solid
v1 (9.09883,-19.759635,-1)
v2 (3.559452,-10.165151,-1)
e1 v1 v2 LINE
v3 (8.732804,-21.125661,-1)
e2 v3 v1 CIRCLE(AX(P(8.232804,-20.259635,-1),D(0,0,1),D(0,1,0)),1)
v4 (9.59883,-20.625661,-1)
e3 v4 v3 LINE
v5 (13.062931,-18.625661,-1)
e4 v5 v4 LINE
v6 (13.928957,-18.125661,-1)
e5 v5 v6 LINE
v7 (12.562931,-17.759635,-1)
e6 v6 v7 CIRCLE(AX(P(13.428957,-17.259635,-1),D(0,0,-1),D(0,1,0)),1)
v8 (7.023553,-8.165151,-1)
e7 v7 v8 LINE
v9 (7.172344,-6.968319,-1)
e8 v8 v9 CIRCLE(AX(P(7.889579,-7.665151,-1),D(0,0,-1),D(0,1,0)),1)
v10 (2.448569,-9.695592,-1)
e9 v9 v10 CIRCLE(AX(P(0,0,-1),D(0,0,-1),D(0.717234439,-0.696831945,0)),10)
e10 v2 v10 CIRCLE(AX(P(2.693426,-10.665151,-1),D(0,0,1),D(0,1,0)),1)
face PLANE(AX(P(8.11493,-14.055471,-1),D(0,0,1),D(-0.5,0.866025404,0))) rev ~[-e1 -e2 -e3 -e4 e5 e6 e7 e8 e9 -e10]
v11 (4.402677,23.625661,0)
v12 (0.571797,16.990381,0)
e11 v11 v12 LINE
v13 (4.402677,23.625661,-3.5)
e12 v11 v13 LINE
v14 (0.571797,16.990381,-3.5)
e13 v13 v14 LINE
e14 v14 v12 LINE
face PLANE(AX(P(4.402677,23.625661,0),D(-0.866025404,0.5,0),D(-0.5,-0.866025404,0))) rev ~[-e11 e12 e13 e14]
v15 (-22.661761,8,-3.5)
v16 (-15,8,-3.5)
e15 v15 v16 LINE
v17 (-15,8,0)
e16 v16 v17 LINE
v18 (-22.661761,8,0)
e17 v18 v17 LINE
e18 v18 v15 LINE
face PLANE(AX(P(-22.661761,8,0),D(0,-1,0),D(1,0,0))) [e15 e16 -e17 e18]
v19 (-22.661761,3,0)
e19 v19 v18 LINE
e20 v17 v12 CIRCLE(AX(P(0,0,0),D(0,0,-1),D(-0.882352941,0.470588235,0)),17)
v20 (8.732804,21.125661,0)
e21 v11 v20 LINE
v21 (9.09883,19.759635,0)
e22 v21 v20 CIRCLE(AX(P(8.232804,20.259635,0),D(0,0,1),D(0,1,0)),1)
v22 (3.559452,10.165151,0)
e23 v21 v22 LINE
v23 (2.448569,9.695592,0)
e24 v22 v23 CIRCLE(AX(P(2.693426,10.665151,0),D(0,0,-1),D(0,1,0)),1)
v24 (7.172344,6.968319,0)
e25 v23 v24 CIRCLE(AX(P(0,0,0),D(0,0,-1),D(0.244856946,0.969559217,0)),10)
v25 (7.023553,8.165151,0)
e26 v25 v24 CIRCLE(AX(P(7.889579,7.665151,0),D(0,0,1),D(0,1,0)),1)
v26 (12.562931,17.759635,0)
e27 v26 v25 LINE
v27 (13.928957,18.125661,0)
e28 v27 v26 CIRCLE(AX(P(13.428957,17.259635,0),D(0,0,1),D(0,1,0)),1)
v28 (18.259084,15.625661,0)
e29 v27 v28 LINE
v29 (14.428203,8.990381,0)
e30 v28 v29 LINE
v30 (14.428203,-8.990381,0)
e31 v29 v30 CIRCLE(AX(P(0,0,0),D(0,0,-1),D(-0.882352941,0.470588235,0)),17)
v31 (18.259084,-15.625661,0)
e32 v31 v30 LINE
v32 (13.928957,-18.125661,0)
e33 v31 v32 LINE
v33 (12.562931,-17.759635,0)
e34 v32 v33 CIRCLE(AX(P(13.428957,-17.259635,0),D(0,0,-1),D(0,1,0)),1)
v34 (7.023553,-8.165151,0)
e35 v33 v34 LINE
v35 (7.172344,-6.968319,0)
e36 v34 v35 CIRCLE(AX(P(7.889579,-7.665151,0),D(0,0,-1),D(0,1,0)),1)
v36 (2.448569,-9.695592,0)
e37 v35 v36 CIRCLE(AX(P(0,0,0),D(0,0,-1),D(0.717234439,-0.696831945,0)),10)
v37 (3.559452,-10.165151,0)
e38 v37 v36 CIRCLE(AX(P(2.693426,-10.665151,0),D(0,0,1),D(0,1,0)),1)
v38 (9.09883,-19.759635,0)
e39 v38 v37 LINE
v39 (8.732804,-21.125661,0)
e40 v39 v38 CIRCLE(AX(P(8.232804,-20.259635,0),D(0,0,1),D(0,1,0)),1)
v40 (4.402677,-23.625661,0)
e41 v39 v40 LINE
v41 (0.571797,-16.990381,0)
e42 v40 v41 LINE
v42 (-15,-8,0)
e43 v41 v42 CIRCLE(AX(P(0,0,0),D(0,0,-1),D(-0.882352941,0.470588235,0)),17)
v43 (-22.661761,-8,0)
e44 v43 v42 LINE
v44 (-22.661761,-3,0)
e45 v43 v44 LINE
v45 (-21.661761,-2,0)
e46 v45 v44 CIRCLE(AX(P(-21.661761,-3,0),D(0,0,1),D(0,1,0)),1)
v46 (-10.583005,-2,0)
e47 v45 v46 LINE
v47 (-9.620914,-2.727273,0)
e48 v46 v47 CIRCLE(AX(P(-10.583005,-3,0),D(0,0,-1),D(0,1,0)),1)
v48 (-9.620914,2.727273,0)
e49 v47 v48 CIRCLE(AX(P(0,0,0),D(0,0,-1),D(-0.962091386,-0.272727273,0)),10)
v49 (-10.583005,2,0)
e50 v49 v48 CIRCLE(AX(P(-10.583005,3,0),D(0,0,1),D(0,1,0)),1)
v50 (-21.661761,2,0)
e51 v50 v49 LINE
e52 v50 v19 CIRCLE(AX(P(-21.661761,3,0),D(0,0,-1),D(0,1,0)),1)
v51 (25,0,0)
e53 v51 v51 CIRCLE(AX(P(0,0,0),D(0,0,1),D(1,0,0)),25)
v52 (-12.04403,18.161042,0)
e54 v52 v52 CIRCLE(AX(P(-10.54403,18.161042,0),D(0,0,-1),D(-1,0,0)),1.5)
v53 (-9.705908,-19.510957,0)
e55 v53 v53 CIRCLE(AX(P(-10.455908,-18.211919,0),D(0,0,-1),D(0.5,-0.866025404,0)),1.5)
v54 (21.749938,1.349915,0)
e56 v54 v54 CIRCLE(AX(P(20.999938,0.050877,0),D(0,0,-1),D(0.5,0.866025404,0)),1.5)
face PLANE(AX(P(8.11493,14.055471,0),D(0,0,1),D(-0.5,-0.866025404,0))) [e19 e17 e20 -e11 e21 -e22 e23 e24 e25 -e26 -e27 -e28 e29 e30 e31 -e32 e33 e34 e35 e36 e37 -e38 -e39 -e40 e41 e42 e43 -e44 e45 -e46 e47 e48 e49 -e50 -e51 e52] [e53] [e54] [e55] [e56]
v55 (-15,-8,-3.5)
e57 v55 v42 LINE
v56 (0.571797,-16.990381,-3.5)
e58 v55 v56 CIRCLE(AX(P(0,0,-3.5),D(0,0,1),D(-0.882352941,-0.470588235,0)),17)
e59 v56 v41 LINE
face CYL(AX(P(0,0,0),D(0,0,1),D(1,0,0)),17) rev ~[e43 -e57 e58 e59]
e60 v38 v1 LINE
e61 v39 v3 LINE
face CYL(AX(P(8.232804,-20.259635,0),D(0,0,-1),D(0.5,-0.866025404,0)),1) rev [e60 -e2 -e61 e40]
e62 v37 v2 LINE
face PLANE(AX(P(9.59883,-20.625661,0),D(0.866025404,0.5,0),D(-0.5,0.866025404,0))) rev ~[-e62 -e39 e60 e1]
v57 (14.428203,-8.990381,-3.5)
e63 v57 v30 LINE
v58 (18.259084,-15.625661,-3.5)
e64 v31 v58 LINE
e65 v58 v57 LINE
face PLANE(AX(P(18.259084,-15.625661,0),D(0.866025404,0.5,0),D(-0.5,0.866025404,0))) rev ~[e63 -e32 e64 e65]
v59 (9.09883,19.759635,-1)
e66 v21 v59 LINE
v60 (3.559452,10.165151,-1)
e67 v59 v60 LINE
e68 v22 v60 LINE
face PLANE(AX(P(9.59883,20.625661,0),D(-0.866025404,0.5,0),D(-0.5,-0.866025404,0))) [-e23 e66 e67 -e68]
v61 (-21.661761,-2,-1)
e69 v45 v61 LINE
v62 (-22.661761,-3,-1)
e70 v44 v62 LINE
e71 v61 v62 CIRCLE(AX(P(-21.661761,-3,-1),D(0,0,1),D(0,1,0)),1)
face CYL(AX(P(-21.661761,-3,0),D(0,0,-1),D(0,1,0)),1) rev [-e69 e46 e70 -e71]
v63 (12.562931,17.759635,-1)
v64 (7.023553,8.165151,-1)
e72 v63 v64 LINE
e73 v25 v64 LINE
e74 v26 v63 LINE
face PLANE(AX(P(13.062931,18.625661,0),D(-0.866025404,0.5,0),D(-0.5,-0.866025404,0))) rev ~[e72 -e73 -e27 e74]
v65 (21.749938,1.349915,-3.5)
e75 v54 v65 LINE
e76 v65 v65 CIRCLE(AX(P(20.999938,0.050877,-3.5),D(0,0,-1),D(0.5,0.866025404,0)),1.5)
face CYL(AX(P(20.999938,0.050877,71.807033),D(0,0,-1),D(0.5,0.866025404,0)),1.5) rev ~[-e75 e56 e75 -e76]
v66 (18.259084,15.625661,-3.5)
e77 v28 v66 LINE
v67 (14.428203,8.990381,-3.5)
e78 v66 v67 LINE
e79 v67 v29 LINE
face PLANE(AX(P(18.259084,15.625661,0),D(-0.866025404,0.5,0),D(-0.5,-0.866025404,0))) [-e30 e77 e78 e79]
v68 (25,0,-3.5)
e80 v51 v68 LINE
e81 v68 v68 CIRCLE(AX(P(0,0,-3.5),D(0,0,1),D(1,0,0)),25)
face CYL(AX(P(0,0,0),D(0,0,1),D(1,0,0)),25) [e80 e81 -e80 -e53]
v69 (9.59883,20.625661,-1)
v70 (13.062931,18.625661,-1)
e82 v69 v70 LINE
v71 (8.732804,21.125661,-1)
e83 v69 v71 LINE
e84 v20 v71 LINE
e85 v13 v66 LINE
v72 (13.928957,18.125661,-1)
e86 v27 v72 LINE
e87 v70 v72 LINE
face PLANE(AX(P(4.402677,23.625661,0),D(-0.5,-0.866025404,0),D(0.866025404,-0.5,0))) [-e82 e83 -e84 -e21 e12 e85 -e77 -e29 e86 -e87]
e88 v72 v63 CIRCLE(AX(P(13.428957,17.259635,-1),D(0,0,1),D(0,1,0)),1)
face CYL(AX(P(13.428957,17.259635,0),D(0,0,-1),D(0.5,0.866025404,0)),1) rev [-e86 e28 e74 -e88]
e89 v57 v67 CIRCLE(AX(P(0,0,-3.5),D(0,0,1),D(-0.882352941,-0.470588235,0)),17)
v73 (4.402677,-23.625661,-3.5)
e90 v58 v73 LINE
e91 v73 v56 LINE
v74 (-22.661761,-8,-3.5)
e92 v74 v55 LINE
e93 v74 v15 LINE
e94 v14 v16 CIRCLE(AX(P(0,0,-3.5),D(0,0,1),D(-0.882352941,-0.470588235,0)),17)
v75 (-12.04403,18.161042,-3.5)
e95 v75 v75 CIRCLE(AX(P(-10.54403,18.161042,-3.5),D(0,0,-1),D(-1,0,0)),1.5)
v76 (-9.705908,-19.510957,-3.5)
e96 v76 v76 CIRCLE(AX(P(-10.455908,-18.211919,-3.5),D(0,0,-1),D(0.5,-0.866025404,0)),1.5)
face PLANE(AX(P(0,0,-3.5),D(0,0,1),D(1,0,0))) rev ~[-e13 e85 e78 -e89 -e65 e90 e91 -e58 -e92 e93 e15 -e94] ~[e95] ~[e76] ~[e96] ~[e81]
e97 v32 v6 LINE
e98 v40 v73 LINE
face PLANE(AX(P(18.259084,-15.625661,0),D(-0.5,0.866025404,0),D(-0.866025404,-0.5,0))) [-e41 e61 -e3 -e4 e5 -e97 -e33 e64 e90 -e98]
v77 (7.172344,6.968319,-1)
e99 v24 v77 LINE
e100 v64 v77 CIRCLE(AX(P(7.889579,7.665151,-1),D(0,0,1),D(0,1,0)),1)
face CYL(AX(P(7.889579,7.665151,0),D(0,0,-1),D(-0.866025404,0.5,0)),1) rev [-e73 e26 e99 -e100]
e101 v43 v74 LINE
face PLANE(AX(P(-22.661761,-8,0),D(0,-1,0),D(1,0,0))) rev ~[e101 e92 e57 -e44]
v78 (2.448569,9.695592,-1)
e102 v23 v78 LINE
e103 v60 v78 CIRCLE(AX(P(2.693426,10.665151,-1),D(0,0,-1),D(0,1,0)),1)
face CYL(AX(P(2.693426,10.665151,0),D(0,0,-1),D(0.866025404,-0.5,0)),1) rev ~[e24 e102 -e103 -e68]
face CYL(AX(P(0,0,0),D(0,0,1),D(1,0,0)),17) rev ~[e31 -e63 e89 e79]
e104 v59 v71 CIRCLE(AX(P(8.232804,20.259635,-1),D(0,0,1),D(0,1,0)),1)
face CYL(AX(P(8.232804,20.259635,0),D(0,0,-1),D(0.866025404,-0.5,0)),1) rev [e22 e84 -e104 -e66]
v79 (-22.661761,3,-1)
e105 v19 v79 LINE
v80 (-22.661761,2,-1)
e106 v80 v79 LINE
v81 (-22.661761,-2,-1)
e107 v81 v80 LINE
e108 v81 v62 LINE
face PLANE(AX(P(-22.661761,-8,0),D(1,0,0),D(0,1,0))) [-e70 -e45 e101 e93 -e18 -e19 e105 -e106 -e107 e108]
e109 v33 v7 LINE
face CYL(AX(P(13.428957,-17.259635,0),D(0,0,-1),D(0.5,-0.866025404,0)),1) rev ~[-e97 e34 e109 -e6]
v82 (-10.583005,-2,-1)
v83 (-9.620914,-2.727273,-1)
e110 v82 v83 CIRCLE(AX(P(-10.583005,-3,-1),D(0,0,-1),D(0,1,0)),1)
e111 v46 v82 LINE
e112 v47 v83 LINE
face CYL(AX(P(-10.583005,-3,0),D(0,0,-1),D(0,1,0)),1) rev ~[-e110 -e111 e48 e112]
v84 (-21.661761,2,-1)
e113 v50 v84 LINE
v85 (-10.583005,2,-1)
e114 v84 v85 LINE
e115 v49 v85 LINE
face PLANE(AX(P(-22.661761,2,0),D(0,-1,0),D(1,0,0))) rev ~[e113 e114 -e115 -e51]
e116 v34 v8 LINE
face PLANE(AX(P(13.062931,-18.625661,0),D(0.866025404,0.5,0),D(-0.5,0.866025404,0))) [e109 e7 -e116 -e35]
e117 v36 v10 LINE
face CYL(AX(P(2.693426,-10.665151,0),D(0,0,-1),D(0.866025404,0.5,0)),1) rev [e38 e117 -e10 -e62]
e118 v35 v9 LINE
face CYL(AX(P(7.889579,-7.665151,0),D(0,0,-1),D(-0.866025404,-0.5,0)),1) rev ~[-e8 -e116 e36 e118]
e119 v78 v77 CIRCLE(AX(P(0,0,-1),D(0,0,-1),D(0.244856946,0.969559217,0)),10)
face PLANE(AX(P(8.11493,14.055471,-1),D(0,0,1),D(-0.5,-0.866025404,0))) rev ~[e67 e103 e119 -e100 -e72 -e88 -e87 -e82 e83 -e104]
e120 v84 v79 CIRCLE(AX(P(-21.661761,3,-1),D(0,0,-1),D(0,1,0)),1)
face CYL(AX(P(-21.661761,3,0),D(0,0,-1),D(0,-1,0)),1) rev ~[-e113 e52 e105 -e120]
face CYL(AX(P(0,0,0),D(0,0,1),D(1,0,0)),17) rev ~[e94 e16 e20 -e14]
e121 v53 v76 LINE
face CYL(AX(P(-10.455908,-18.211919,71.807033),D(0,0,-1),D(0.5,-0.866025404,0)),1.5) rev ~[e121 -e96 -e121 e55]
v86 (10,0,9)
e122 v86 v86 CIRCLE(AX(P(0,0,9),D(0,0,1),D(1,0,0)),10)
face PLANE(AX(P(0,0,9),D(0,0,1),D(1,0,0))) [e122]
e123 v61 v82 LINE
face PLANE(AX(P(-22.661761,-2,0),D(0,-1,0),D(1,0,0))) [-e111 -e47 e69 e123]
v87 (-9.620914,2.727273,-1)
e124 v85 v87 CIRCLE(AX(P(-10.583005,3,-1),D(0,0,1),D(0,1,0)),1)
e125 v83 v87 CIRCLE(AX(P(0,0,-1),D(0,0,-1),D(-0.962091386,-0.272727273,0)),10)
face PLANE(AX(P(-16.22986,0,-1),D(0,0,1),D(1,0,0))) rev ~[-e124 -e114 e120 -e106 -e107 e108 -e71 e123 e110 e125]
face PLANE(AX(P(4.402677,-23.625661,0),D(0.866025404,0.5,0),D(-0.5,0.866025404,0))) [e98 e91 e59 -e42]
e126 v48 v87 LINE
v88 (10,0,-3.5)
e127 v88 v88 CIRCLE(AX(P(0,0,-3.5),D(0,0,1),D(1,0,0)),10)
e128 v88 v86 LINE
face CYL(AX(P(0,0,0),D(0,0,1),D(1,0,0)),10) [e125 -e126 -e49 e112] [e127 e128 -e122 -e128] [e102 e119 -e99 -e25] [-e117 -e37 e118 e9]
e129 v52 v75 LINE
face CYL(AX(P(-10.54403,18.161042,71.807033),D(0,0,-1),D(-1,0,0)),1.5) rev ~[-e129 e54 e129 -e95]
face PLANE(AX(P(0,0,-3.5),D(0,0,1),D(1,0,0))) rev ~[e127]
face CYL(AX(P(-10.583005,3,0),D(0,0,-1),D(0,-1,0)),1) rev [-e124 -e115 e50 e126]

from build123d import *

# Parameters (mm, degrees)
SKETCH1_R                = 10
BOSS_EXTRUDE1_DEPTH      = 9
BOSS_EXTRUDE1_DEPTH_BACK = 3.5
SKETCH1_3_R              = 25
SKETCH1_3_R_2            = 10
BOSS_EXTRUDE2_DEPTH      = 3.5
SKETCH3_R                = 17
CUT_EXTRUDE1_DEPTH       = 3.5
SKETCH8_W                = 9
SKETCH8_H                = 16
CUT_EXTRUDE3_DEPTH       = 4.5
SKETCH10_W               = 12.863801869
SKETCH10_H               = 4
BOSS_EXTRUDE4_DEPTH      = 1
CIRPATTERN2_COUNT        = 3
F_3_0MM_DOWEL_HOLE1_D    = 3
CIRPATTERN3_COUNT        = 3
FILLET1_R                = 1
FILLET2_R                = 1
FILLET3_R                = 1
FILLET4_R                = 1
FILLET5_R                = 1
FILLET6_R                = 1
FILLET7_R                = 1
FILLET8_R                = 1
FILLET9_R                = 1
FILLET10_R               = 1
FILLET11_R               = 1
FILLET12_R               = 1


with BuildPart() as part:
    # Sketch1 → Boss-Extrude1 (new body, two sides)
    with BuildSketch(Plane.XY) as boss_extrude1_sk:
        Circle(SKETCH1_R)
    extrude(amount=BOSS_EXTRUDE1_DEPTH)
    extrude(boss_extrude1_sk.sketch, amount=-BOSS_EXTRUDE1_DEPTH_BACK)



with BuildPart() as body_2:
    # Sketch1<3> → Boss-Extrude2 (new body)
    with BuildSketch(Plane.XY):
        Circle(SKETCH1_3_R)
        Circle(SKETCH1_3_R_2, mode=Mode.SUBTRACT)
    extrude(amount=-BOSS_EXTRUDE2_DEPTH)

    # Sketch3 → Cut-Extrude1 (cut)
    with BuildSketch(Plane.XY):
        Circle(SKETCH3_R)
    extrude(amount=-CUT_EXTRUDE1_DEPTH, mode=Mode.SUBTRACT)

    # Sketch8 → Cut-Extrude3 (cut, through all)
    with BuildSketch(Plane.XY):
        with Locations((-18.16176084, 0)):
            Rectangle(SKETCH8_W, SKETCH8_H)
    cut_extrude3 = extrude(amount=-CUT_EXTRUDE3_DEPTH, mode=Mode.SUBTRACT)


with BuildPart() as part_1:
    add(part.part)

    add(body_2.part)  # Boss-Extrude4 merges body 2
    # Sketch10 → Boss-Extrude4 (add)
    with BuildSketch(Plane.XY):
        with Locations((-16.229859905, 0)):
            Rectangle(SKETCH10_W, SKETCH10_H)
    boss_extrude4 = extrude(amount=-BOSS_EXTRUDE4_DEPTH)

    # CirPattern2: Cut-Extrude3, Boss-Extrude4 ×3 about axis
    cirpattern2_axis = Axis((0, 0, 0), (0, 0, 1))
    for i in range(1, CIRPATTERN2_COUNT):
        add(cut_extrude3.rotate(cirpattern2_axis, i * 360 / CIRPATTERN2_COUNT), mode=Mode.SUBTRACT)
        add(boss_extrude4.rotate(cirpattern2_axis, i * 360 / CIRPATTERN2_COUNT))

    # Ø3.0mm Dowel Hole1 (through all)
    with Locations(Plane.XY):
        with Locations((-10.544029887, 18.161041648)):
            f_3_0mm_dowel_hole1 = Hole(F_3_0MM_DOWEL_HOLE1_D / 2)

    # CirPattern3: Ø3.0mm Dowel Hole1 ×3 about axis
    cirpattern3_axis = Axis((0, 0, 0), (0, 0, 1))
    for i in range(1, CIRPATTERN3_COUNT):
        add(f_3_0mm_dowel_hole1.rotate(cirpattern3_axis, i * 360 / CIRPATTERN3_COUNT), mode=Mode.SUBTRACT)

    # Fillet1
    fillet1_edges = [part_1.edges().sort_by_distance(p)[0] for p in [
        (9.598829613, 20.625660582, -0.5),
    ]]
    fillet(fillet1_edges, radius=FILLET1_R)

    # Fillet2
    fillet2_edges = [part_1.edges().sort_by_distance(p)[0] for p in [
        (13.062931228, 18.625660582, -0.5),
    ]]
    fillet(fillet2_edges, radius=FILLET2_R)

    # Fillet3
    fillet3_edges = [part_1.edges().sort_by_distance(p)[0] for p in [
        (6.631030293, 7.485281374, -0.5),
    ]]
    fillet(fillet3_edges, radius=FILLET3_R)

    # Fillet4
    fillet4_edges = [part_1.edges().sort_by_distance(p)[0] for p in [
        (3.166928678, 9.485281374, -0.5),
    ]]
    fillet(fillet4_edges, radius=FILLET4_R)

    # Fillet5
    fillet5_edges = [part_1.edges().sort_by_distance(p)[0] for p in [
        (-22.66176084, 2, -0.5),
    ]]
    fillet(fillet5_edges, radius=FILLET5_R)

    # Fillet6
    fillet6_edges = [part_1.edges().sort_by_distance(p)[0] for p in [
        (-9.797958971, 2, -0.5),
    ]]
    fillet(fillet6_edges, radius=FILLET6_R)

    # Fillet7
    fillet7_edges = [part_1.edges().sort_by_distance(p)[0] for p in [
        (-22.66176084, -2, -0.5),
    ]]
    fillet(fillet7_edges, radius=FILLET7_R)

    # Fillet8
    fillet8_edges = [part_1.edges().sort_by_distance(p)[0] for p in [
        (-9.797958971, -2, -0.5),
    ]]
    fillet(fillet8_edges, radius=FILLET8_R)

    # Fillet9
    fillet9_edges = [part_1.edges().sort_by_distance(p)[0] for p in [
        (3.166928678, -9.485281374, -0.5),
    ]]
    fillet(fillet9_edges, radius=FILLET9_R)

    # Fillet10
    fillet10_edges = [part_1.edges().sort_by_distance(p)[0] for p in [
        (6.631030293, -7.485281374, -0.5),
    ]]
    fillet(fillet10_edges, radius=FILLET10_R)

    # Fillet11
    fillet11_edges = [part_1.edges().sort_by_distance(p)[0] for p in [
        (9.598829613, -20.625660582, -0.5),
    ]]
    fillet(fillet11_edges, radius=FILLET11_R)

    # Fillet12
    fillet12_edges = [part_1.edges().sort_by_distance(p)[0] for p in [
        (13.062931228, -18.625660582, -0.5),
    ]]
    fillet(fillet12_edges, radius=FILLET12_R)


solid = part_1.part
